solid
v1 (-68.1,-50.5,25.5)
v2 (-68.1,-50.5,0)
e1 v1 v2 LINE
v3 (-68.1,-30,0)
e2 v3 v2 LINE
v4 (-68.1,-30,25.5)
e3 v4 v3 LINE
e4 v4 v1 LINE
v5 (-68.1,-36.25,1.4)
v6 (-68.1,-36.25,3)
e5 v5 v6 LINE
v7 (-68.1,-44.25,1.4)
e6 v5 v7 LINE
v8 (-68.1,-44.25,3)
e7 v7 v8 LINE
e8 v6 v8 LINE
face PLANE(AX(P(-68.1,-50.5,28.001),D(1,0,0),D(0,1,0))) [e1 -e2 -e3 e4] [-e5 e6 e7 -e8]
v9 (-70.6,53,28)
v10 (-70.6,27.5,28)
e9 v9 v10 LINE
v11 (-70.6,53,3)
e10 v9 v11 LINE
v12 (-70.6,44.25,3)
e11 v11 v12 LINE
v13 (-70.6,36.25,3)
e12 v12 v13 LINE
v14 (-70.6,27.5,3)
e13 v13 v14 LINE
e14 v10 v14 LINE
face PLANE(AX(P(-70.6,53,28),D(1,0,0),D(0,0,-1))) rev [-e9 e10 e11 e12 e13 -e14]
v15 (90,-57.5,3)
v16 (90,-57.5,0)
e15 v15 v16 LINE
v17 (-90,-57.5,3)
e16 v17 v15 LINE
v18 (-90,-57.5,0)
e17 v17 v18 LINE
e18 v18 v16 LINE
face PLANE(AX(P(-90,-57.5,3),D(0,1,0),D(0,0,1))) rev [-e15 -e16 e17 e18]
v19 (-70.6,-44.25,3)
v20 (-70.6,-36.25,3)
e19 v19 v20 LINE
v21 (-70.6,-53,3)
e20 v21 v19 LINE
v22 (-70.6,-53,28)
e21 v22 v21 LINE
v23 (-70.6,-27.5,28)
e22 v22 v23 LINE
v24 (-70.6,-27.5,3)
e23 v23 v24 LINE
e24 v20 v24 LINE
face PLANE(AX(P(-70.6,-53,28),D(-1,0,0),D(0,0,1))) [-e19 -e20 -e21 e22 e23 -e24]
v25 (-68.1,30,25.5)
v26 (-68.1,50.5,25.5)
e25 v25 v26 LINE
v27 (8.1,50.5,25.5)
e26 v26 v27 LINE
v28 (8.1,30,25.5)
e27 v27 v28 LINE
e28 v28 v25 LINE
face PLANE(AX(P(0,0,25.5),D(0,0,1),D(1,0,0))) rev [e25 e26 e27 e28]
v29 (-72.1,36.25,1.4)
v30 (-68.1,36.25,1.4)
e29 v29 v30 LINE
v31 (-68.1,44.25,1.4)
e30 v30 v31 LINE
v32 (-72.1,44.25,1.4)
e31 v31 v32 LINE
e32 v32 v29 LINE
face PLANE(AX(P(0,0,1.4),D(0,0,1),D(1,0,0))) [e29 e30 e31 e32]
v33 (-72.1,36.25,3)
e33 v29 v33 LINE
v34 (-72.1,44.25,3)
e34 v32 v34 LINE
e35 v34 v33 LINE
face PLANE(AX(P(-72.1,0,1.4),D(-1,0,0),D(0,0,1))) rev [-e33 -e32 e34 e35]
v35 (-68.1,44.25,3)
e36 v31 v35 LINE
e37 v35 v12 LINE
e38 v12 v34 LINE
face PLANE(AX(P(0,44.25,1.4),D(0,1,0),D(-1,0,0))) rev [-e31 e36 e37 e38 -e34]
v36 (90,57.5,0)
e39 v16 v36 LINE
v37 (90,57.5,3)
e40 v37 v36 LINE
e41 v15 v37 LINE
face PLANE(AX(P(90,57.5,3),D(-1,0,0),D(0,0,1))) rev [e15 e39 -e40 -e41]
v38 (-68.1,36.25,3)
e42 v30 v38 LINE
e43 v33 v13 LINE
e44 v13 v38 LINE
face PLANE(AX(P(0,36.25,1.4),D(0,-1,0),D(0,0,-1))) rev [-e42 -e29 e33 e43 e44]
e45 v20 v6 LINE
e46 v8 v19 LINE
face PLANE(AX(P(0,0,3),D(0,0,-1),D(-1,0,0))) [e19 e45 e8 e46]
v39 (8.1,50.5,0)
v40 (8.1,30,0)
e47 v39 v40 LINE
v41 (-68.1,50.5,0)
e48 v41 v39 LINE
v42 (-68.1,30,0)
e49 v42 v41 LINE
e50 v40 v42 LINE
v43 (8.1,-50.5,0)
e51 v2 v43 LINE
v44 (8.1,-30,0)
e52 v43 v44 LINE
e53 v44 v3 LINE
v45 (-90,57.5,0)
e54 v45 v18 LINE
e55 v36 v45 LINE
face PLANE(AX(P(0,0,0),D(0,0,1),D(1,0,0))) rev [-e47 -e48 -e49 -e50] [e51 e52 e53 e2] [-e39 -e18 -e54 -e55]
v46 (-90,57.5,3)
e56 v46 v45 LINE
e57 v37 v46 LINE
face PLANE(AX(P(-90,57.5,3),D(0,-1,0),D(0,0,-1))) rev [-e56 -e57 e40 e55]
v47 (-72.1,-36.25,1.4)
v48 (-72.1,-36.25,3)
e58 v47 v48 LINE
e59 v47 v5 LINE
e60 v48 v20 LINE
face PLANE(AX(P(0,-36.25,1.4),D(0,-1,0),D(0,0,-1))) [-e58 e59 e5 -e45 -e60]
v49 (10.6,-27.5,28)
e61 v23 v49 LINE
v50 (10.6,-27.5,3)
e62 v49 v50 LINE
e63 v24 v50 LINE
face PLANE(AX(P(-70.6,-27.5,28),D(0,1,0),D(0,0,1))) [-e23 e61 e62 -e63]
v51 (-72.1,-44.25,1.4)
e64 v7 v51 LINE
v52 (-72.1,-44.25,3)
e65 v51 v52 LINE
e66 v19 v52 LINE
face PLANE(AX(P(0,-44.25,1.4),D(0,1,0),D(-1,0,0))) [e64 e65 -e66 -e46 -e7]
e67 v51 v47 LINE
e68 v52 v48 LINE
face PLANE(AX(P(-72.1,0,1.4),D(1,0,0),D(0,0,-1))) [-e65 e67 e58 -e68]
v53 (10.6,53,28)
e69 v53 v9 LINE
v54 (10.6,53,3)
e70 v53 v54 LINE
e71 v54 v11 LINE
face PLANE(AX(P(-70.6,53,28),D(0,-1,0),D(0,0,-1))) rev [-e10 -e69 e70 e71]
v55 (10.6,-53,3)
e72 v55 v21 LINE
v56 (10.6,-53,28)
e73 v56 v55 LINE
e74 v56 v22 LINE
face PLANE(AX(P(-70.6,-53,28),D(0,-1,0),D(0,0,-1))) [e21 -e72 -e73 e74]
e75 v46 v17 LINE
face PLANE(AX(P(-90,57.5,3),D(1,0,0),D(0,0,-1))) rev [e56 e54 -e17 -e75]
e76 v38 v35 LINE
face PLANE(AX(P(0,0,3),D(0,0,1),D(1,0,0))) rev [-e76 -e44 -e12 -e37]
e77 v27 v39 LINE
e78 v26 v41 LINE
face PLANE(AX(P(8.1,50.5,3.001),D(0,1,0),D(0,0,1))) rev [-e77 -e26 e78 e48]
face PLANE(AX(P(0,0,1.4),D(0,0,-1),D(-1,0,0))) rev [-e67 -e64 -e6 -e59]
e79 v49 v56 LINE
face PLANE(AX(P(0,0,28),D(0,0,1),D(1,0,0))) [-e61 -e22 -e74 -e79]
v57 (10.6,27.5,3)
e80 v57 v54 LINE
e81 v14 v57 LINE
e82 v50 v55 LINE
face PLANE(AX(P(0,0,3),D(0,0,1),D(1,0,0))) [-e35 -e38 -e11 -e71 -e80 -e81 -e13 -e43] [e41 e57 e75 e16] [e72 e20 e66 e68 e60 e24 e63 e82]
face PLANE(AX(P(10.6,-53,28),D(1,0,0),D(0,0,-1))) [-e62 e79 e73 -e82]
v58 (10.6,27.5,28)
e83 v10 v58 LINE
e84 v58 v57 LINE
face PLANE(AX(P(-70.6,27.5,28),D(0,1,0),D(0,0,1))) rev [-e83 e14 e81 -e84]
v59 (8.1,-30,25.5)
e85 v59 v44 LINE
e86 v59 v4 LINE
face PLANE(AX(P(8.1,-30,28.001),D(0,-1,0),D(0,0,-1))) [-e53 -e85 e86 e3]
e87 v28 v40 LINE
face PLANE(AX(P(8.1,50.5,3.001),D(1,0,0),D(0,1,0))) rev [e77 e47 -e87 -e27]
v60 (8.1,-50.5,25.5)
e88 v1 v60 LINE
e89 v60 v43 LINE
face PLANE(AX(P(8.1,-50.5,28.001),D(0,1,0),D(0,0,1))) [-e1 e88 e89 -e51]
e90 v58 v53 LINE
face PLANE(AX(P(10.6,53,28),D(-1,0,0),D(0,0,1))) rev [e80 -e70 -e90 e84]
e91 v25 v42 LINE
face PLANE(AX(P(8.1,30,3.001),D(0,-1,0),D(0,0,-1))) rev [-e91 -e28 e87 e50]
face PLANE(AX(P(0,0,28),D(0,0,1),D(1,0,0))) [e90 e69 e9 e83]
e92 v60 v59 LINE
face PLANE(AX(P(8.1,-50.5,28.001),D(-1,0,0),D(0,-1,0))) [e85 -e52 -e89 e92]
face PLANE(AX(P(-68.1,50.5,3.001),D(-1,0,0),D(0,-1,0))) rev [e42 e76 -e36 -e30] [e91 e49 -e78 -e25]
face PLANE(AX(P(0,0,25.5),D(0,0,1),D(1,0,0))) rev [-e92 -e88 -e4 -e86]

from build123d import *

# Parameters (mm, degrees)
SKETCH_1_W          = 180
SKETCH_1_H          = 115
EXTRUDE_1_DEPTH     = 3
CUT_EXTRUDE_3_REACH = 108.842
SKETCH_7_W          = 76.2
SKETCH_7_H          = 20.5
SKETCH_8_W          = 81.2
SKETCH_8_H          = 25.5
SKETCH_8_W_2        = 76.2
SKETCH_8_H_2        = 20.5
EXTRUDE_2_DEPTH     = 25
SKETCH_9_W          = 81.2
SKETCH_9_H          = 25.5
EXTRUDE_3_DEPTH     = 2.5
CUT_EXTRUDE_START   = -3
SKETCH_4_W          = 4
SKETCH_4_H          = 8
CUT_EXTRUDE_2_DEPTH = 1.6


with BuildPart() as part:
    # 草图1 → 凸台-拉伸1 (new body)
    with BuildSketch(Plane.XY):
        Rectangle(SKETCH_1_W, SKETCH_1_H)
    extrude(amount=EXTRUDE_1_DEPTH)

    # 草图7 → 电池位切除-拉伸3 (cut, up to next)
    with BuildSketch(Plane(origin=(0, 0, 0), x_dir=(-1, 0, 0), z_dir=(0, 0, -1)), mode=Mode.PRIVATE) as cut_extrude_3_sk1:
        with Locations((30, 40.25)):
            Rectangle(SKETCH_7_W, SKETCH_7_H)
    cut_extrude_3_tool1 = extrude(cut_extrude_3_sk1.sketch, amount=-CUT_EXTRUDE_3_REACH, mode=Mode.PRIVATE) & part.part
    cut_extrude_3 = cut_extrude_3_tool1.solids().sort_by_distance((-30, 40.25, 0))[0]
    add(cut_extrude_3, mode=Mode.SUBTRACT)

    # 草图8 → 凸台-拉伸2 (add)
    with BuildSketch(Plane.XY.offset(3)):
        with Locations((-30, 40.25)):
            Rectangle(SKETCH_8_W, SKETCH_8_H)
        with Locations((-30, 40.25)):
            Rectangle(SKETCH_8_W_2, SKETCH_8_H_2, mode=Mode.SUBTRACT)
    extrude_2 = extrude(amount=EXTRUDE_2_DEPTH)

    # 草图9 → 凸台-拉伸3 (add)
    with BuildSketch(Plane.XY.offset(28)):
        with Locations((-30, 40.25)):
            Rectangle(SKETCH_9_W, SKETCH_9_H)
    extrude_3 = extrude(amount=-EXTRUDE_3_DEPTH)

    # 草图4 → 切除-拉伸2 (cut)
    with BuildSketch(Plane(origin=(0, 0, 0), x_dir=(-1, 0, 0), z_dir=(0, 0, -1)).offset(CUT_EXTRUDE_START)):
        with Locations((70.1, 40.25)):
            Rectangle(SKETCH_4_W, SKETCH_4_H)
    cut_extrude_2 = extrude(amount=CUT_EXTRUDE_2_DEPTH, mode=Mode.SUBTRACT)

    # 镜向1: 电池位切除-拉伸3, 凸台-拉伸2, 凸台-拉伸3, 切除-拉伸2 across plane
    add(cut_extrude_3.mirror(Plane.ZX), mode=Mode.SUBTRACT)
    add(extrude_2.mirror(Plane.ZX))
    add(extrude_3.mirror(Plane.ZX))
    add(cut_extrude_2.mirror(Plane.ZX), mode=Mode.SUBTRACT)


solid = part.part
